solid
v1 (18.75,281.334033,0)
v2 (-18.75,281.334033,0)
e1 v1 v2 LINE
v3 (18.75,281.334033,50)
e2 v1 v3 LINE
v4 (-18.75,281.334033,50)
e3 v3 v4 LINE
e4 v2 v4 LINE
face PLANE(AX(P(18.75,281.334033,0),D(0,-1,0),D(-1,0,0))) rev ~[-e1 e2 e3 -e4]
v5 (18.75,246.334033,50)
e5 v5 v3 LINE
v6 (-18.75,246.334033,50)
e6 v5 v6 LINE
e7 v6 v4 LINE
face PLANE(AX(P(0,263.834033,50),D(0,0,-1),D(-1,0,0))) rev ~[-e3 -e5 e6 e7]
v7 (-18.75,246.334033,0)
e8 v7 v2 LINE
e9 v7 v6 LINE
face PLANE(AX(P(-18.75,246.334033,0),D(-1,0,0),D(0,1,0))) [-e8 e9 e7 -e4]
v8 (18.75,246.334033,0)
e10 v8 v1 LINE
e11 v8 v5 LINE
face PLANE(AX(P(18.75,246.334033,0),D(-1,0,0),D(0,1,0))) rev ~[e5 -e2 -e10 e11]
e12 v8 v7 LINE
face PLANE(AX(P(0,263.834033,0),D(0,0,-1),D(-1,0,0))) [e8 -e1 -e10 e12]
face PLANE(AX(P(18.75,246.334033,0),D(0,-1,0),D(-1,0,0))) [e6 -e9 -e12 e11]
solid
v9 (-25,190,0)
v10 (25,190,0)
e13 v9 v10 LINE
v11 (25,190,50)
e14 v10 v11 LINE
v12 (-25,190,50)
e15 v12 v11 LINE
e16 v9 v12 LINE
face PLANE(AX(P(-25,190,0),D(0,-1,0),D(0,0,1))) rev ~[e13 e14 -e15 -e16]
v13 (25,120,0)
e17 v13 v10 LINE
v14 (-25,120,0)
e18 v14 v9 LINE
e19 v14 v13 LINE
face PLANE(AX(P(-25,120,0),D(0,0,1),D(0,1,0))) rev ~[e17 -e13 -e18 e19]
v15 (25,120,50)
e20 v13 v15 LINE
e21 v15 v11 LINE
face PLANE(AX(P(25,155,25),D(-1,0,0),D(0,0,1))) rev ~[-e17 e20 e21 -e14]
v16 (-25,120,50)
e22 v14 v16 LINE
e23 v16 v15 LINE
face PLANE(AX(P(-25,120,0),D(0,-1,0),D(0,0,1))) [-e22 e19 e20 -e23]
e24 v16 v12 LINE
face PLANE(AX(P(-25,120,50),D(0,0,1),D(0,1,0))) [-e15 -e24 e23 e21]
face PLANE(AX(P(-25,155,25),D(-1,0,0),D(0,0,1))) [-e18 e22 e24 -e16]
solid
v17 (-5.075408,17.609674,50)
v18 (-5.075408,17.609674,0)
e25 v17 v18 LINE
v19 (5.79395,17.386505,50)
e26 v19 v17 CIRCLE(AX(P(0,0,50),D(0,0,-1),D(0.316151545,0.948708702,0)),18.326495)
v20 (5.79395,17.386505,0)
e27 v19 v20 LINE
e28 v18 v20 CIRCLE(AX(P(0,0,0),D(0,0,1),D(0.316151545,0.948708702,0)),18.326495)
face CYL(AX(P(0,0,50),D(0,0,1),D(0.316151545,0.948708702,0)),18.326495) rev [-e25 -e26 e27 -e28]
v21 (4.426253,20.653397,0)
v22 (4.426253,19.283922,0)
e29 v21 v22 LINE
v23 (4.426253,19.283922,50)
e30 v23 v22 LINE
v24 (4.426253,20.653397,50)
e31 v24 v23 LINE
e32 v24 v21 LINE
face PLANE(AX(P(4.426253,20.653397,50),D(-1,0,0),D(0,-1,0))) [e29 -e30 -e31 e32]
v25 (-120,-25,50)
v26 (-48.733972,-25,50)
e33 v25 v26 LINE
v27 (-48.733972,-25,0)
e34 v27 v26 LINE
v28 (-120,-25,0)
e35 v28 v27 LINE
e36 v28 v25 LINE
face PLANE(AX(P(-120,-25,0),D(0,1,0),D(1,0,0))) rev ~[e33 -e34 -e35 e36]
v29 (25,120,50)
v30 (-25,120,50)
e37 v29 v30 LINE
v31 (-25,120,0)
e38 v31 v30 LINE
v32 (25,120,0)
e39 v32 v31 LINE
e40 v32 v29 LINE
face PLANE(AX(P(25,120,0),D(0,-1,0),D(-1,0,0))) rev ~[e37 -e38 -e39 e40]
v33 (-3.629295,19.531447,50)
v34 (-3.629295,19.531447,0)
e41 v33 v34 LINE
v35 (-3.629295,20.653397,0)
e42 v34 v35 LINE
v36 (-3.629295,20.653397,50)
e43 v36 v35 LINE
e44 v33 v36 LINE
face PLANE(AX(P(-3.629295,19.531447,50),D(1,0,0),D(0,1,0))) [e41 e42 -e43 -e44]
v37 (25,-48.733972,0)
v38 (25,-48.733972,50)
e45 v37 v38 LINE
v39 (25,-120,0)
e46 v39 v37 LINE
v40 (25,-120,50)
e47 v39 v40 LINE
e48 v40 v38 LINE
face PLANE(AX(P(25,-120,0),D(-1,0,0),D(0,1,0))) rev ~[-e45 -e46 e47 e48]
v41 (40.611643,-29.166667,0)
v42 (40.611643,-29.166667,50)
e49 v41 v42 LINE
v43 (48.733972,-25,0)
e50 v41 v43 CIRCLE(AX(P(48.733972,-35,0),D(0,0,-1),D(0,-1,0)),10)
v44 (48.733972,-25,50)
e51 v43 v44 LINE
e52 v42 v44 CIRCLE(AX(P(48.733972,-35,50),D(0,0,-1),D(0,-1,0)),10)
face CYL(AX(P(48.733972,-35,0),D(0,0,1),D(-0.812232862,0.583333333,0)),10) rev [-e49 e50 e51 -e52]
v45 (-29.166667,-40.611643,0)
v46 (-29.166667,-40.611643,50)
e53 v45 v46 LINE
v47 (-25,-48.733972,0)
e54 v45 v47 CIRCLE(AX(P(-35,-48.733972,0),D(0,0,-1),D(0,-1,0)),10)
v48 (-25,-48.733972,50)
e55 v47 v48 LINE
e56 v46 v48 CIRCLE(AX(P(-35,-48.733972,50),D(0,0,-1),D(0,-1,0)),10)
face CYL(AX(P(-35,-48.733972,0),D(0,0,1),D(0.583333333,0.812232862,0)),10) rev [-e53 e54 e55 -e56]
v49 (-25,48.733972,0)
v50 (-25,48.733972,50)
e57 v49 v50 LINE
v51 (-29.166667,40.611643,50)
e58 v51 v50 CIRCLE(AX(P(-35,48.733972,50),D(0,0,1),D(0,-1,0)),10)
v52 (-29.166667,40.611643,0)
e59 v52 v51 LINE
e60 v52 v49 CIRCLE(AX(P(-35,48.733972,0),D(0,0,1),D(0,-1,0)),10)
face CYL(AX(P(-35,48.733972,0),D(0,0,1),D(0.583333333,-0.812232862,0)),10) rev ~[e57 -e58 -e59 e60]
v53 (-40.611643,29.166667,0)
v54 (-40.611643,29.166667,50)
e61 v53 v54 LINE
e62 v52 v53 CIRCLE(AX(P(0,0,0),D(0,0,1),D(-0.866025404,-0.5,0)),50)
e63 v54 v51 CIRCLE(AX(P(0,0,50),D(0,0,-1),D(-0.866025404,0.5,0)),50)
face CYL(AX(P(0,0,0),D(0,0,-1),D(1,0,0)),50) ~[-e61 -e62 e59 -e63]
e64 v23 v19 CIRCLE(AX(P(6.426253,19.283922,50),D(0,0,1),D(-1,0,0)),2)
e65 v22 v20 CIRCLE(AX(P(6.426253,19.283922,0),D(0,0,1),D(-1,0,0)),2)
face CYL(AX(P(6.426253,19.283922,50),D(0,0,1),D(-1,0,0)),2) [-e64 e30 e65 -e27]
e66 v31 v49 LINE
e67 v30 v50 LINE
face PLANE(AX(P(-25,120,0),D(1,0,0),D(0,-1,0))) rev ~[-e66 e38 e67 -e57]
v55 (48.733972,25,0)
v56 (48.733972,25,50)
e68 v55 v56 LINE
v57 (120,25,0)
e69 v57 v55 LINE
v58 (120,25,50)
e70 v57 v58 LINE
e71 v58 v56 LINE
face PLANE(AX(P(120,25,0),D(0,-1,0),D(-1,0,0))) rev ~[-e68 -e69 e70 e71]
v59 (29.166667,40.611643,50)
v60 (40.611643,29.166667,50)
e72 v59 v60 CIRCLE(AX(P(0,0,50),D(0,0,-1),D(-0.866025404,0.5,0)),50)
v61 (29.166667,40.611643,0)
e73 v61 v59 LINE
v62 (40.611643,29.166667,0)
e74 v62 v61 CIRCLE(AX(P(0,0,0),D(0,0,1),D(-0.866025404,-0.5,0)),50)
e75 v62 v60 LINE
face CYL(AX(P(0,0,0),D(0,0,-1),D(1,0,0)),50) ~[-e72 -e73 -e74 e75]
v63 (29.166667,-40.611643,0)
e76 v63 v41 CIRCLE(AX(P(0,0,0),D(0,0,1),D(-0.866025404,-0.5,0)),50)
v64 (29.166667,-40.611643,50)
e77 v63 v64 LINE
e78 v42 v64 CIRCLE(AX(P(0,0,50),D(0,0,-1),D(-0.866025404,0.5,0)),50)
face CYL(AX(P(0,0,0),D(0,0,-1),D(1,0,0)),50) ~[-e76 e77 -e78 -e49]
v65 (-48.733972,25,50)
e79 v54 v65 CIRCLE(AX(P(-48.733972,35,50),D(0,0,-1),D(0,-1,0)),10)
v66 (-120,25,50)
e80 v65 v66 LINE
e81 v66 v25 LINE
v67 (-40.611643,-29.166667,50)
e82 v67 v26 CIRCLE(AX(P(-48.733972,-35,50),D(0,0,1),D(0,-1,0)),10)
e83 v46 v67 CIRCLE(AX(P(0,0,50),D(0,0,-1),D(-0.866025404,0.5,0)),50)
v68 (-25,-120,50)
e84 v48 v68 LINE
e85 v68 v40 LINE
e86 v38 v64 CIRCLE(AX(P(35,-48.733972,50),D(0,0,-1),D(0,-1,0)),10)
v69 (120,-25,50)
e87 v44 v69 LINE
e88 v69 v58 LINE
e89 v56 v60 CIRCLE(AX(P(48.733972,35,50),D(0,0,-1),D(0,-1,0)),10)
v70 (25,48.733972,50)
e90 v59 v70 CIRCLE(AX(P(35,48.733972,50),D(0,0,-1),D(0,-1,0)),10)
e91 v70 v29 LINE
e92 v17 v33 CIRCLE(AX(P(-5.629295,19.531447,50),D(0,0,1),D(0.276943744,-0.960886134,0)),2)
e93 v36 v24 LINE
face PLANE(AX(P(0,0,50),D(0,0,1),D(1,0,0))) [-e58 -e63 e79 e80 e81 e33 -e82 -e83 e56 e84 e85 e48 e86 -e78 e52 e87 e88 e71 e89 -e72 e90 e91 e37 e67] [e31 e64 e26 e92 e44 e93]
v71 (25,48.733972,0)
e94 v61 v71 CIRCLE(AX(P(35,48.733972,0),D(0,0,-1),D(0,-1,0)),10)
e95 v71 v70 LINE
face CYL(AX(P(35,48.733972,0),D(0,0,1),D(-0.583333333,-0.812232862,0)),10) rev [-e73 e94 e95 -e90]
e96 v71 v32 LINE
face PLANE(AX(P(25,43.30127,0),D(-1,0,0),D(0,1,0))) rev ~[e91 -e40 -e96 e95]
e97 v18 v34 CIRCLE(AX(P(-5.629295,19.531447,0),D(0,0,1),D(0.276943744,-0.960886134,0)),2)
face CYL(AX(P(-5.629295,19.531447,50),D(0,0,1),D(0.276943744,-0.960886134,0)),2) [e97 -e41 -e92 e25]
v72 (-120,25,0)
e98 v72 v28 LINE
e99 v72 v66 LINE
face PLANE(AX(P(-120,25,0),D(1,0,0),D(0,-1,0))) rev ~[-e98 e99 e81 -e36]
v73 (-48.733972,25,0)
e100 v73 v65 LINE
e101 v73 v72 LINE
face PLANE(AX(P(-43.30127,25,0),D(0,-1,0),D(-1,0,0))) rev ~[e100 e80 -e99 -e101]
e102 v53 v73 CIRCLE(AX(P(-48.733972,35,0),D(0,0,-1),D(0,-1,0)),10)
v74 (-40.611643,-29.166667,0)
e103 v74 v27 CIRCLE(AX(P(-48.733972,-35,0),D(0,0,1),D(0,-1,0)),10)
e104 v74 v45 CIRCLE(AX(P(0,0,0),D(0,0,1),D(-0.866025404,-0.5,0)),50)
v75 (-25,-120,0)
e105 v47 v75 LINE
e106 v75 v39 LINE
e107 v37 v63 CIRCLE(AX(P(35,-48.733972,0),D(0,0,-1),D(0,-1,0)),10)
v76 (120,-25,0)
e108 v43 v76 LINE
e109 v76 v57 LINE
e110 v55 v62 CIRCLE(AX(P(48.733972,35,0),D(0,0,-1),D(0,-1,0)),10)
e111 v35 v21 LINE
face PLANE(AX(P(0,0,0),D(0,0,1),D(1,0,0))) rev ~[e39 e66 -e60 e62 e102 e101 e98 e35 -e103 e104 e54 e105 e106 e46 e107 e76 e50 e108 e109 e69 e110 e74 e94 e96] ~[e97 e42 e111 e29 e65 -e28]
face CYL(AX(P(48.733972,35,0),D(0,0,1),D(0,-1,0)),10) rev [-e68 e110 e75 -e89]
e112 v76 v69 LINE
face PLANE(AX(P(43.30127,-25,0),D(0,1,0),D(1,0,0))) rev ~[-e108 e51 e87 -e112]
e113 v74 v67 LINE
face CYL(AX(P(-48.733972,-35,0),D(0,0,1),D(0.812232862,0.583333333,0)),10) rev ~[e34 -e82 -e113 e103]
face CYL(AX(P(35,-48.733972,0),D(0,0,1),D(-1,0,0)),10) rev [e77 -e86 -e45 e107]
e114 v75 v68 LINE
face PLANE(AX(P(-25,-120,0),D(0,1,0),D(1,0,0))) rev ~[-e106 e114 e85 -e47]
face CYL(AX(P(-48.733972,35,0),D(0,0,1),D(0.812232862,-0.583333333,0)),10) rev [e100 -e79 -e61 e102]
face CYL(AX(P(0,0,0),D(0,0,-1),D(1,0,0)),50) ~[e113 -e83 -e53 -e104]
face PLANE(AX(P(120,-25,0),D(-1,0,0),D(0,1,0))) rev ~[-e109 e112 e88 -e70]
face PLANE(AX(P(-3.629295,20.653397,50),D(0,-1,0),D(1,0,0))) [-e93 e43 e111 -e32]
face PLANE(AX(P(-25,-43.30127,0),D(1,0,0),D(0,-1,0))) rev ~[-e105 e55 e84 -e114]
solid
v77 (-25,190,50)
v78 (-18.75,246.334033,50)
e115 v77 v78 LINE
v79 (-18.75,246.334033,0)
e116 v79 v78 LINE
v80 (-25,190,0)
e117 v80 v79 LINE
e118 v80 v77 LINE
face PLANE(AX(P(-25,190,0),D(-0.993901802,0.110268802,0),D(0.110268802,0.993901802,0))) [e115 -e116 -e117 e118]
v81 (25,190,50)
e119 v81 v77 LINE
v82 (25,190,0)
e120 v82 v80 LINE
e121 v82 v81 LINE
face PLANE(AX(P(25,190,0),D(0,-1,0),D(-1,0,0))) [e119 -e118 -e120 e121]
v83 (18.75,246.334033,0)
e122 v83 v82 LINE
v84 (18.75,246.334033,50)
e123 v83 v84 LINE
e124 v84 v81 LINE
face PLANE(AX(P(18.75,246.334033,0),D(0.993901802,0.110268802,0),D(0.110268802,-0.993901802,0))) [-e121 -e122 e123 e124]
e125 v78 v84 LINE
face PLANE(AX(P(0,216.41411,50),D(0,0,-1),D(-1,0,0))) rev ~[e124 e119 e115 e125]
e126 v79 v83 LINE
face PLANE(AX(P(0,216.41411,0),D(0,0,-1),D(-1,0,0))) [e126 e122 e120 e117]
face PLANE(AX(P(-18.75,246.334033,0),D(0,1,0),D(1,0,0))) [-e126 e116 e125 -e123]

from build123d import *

# Parameters (mm, degrees)
SKETCH2_R                = 50
BOSS_EXTRUDE1_DEPTH      = 50
BOSS_EXTRUDE2_DEPTH      = 50
FILLET1_R                = 10
CIRPATTERN1_COUNT        = 4
FILLET1_OF_CIRPATTERN1_R = 10
CUT_EXTRUDE1_DEPTH       = 177.91806013
SKETCH11_W               = 50
SKETCH11_H               = 70
BOSS_EXTRUDE7_DEPTH      = 50
BOSS_EXTRUDE8_DEPTH      = 50
SKETCH14_W               = 37.5
SKETCH14_H               = 35
BOSS_EXTRUDE9_DEPTH      = 50


with BuildPart() as part:
    # Sketch2 → Boss-Extrude1 (new body)
    with BuildSketch(Plane.XY):
        Circle(SKETCH2_R)
    extrude(amount=BOSS_EXTRUDE1_DEPTH)

    # Sketch2<3> → Boss-Extrude2 (add)
    with BuildSketch(Plane.XY):
        with BuildLine():
            ThreePointArc((-43.301270189, -25), (-48.296291314, -12.940952255), (-50, 0))
            ThreePointArc((-50, 0), (-48.296291314, 12.940952255), (-43.301270189, 25))
            Line((-43.301270189, 25), (-120, 25))
            Line((-120, 25), (-120, -25))
            Line((-120, -25), (-43.301270189, -25))
        make_face()
    boss_extrude2 = extrude(amount=BOSS_EXTRUDE2_DEPTH)

    # Fillet1
    fillet1_edges = [part.edges().sort_by_distance(p)[0] for p in [
        (-43.301270189, 25, 25),
        (-43.301270189, -25, 25),
    ]]
    fillet(fillet1_edges, radius=FILLET1_R)

    # CirPattern1: Boss-Extrude2 ×4 about axis
    cirpattern1_axis = Axis((0, 0, 0), (0, 0, 1))
    for i in range(1, CIRPATTERN1_COUNT):
        add(boss_extrude2.rotate(cirpattern1_axis, i * 360 / CIRPATTERN1_COUNT))

    # Fillet1 of CirPattern1
    fillet1_of_cirpattern1_edges = [part.edges().sort_by_distance(p)[0] for p in [
        (-25, -43.301270189, 25),
        (25, -43.301270189, 25),
        (43.301270189, -25, 25),
        (43.301270189, 25, 25),
        (25, 43.301270189, 25),
        (-25, 43.301270189, 25),
    ]]
    fillet(fillet1_of_cirpattern1_edges, radius=FILLET1_OF_CIRPATTERN1_R)

    # Sketch3 → Cut-Extrude1 (cut, through all)
    with BuildSketch(Plane.XY.offset(50)):
        with BuildLine():
            Line((-3.629295483, 19.531446755), (-3.629295483, 20.653397312))
            Line((-3.629295483, 20.653397312), (4.42625265, 20.653397312))
            Line((4.42625265, 20.653397312), (4.42625265, 19.283922238))
            ThreePointArc((4.42625265, 19.283922238), (4.803815258, 18.114436492), (5.79394956, 17.386504834))
            ThreePointArc((5.79394956, 17.386504834), (-0.376200303, -18.322632867), (-5.075407996, 17.609674487))
            ThreePointArc((-5.075407996, 17.609674487), (-4.031206785, 18.328902572), (-3.629295483, 19.531446755))
        make_face()
    extrude(amount=-CUT_EXTRUDE1_DEPTH, mode=Mode.SUBTRACT)


with BuildPart() as body_2:
    # Sketch11 → Boss-Extrude7 (new body)
    with BuildSketch(Plane.ZY.offset(25)):
        with Locations((25, 155)):
            Rectangle(SKETCH11_W, SKETCH11_H)
    extrude(amount=-BOSS_EXTRUDE7_DEPTH)


with BuildPart() as body_3:
    # Sketch13 → Boss-Extrude8 (new body)
    with BuildSketch(Plane(origin=(0, 0, 0), x_dir=(-1, 0, 0), z_dir=(0, 0, -1))):
        Polygon((-25, 190), (25, 190), (18.75, 246.334032592), (-18.75, 246.334032592), align=None)
    extrude(amount=-BOSS_EXTRUDE8_DEPTH)


with BuildPart() as body_4:
    # Sketch14 → Boss-Extrude9 (new body)
    with BuildSketch(Plane(origin=(0, 0, 0), x_dir=(-1, 0, 0), z_dir=(0, 0, -1))):
        with Locations((0, 263.834032592)):
            Rectangle(SKETCH14_W, SKETCH14_H)
    extrude(amount=-BOSS_EXTRUDE9_DEPTH)


solid = Compound([part.part, body_2.part, body_3.part, body_4.part])
